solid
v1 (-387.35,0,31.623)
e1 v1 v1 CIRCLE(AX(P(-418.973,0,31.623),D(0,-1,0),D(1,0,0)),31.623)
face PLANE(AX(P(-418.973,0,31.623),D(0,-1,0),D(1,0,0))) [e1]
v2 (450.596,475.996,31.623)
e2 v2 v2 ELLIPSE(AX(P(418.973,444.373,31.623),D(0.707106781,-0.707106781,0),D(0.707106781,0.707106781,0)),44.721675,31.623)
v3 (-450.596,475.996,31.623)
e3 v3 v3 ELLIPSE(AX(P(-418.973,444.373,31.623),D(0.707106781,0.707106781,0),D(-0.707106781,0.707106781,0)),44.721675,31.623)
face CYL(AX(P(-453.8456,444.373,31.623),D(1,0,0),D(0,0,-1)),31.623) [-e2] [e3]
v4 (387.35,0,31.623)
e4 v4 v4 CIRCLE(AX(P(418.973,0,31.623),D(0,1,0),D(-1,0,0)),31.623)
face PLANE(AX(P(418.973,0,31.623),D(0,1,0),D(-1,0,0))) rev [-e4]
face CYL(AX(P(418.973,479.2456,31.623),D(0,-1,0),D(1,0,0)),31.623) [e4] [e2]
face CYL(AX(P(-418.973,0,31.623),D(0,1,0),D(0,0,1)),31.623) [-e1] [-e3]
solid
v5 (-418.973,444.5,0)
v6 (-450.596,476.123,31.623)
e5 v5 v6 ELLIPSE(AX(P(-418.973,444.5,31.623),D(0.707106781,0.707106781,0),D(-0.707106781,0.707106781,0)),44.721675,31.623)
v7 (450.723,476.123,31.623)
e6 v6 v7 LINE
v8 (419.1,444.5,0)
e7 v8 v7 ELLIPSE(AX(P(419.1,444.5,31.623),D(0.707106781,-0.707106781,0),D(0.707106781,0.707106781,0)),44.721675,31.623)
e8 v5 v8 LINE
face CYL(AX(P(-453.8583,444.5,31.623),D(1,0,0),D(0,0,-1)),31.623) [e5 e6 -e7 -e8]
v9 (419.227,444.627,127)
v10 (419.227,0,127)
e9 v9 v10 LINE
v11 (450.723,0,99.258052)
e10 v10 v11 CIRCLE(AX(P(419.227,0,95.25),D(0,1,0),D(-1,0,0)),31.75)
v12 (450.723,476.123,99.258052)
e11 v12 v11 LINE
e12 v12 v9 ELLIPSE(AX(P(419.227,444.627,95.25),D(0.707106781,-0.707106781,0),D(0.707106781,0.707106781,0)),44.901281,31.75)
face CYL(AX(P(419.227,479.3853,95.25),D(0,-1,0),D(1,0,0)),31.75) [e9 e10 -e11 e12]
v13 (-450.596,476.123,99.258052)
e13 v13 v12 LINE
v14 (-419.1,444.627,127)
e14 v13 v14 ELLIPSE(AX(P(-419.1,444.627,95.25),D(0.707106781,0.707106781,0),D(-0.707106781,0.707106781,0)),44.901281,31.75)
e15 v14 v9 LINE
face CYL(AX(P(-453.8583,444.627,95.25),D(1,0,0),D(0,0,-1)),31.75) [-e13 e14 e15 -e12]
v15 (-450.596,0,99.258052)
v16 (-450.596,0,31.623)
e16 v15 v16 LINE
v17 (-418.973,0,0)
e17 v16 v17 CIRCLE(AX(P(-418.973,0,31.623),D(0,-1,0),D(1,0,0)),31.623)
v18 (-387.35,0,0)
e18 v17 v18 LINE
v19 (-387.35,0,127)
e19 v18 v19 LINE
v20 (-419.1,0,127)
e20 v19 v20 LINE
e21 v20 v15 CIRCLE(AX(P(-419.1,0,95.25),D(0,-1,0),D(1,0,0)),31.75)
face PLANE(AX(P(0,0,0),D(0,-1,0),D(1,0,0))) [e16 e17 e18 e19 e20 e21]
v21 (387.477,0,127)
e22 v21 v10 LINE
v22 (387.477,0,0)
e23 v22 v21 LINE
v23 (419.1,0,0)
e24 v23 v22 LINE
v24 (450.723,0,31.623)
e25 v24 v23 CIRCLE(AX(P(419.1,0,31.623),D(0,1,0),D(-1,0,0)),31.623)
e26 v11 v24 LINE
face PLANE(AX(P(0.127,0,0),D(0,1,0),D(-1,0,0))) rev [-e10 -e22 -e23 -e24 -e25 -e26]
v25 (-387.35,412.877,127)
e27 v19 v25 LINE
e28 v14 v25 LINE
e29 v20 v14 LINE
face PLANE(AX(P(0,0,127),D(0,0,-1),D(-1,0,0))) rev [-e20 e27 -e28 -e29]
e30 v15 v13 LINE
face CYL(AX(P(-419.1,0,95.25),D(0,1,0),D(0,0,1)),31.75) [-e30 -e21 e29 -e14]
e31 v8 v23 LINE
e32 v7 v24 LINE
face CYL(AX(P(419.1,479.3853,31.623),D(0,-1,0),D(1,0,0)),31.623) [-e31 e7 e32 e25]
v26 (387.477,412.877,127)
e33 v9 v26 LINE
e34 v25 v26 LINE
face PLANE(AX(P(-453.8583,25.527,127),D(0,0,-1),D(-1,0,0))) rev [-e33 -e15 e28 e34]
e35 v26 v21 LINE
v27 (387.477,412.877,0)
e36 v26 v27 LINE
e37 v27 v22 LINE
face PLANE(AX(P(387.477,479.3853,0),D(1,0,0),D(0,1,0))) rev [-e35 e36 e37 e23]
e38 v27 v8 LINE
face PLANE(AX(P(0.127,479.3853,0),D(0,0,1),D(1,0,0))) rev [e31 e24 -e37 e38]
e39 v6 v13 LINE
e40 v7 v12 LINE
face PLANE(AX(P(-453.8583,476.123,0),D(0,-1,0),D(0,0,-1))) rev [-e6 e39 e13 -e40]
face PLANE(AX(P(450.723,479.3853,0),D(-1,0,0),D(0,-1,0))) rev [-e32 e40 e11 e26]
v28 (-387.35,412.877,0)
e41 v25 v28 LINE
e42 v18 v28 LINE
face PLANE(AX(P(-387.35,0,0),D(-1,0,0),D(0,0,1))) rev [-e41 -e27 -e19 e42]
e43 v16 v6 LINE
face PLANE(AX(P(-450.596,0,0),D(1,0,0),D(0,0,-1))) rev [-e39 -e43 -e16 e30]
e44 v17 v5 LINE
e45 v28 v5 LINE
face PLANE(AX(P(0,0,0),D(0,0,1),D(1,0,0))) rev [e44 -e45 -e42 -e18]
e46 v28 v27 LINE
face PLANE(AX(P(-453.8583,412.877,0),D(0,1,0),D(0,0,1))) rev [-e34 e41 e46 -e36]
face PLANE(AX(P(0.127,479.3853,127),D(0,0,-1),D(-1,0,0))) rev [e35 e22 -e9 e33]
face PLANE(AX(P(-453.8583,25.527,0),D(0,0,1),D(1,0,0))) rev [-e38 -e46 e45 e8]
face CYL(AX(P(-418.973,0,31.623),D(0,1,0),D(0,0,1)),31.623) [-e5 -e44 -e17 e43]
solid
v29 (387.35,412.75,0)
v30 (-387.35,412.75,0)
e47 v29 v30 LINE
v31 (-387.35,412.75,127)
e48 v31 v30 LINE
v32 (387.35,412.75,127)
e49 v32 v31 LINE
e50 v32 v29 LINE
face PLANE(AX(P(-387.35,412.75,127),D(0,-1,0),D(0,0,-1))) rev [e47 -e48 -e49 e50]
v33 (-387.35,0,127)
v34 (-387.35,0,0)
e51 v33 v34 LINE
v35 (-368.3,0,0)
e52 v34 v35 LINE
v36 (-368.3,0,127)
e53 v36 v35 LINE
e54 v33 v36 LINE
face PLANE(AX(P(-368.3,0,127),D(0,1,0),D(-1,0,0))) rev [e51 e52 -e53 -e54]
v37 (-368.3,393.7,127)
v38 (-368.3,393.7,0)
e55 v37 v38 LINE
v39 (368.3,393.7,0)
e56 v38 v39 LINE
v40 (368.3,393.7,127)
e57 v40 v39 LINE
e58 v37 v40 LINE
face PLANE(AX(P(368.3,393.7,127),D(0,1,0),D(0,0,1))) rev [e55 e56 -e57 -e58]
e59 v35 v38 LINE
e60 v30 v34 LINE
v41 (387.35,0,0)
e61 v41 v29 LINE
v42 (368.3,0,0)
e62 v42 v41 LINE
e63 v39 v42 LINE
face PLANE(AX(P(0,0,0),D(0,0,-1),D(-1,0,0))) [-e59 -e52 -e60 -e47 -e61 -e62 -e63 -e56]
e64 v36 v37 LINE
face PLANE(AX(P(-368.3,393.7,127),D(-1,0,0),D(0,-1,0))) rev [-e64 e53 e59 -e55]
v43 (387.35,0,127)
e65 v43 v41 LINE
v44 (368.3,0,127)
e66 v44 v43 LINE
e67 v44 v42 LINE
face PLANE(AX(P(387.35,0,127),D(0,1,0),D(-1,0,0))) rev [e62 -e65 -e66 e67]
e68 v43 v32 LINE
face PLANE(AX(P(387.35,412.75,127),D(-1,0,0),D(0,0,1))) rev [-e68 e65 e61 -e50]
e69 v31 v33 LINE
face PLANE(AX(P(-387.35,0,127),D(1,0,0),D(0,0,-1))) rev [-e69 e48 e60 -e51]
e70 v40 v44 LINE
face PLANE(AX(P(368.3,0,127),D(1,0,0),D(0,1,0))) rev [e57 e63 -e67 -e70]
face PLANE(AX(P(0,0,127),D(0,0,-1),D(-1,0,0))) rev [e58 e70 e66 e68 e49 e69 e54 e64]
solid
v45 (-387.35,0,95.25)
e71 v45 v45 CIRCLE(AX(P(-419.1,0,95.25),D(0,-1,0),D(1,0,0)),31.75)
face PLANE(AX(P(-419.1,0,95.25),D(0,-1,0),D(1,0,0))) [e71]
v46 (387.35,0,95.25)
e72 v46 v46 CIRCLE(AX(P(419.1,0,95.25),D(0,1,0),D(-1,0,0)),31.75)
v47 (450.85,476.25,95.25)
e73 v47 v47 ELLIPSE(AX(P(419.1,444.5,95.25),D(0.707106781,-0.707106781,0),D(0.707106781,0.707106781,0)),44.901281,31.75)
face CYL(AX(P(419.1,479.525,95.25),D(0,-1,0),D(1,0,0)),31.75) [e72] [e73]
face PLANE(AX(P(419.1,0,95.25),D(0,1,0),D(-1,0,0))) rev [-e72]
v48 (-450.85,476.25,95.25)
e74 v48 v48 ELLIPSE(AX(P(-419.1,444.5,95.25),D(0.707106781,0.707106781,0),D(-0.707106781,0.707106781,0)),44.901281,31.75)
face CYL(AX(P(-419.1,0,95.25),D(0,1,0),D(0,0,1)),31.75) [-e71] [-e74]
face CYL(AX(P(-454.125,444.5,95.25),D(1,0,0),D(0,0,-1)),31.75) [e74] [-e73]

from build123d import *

# Parameters (mm, degrees)
PLYWOOD_DEPTH = 127
SKETCH2_R     = 31.75
SKETCH2_R_2   = 31.623


with BuildPart() as part:
    # Sketch1 → Plywood (new body)
    with BuildSketch(Plane.XY):
        Polygon((-387.35, 0), (-387.35, 412.75), (387.35, 412.75), (387.35, 0), (368.3, 0), (368.3, 393.7), (-368.3, 393.7), (-368.3, 0), align=None)
    extrude(amount=PLYWOOD_DEPTH)


with BuildPart() as body_2:
    # Sweep1: sweep along a path in Sketch3
    with BuildLine(Plane.XY.offset(95.25)) as sweep1_path:
        Line((-419.1, 0), (-419.1, 444.5))
        Line((-419.1, 444.5), (419.1, 444.5))
        Line((419.1, 444.5), (419.1, 0))
    # Sketch2 → Sweep1 (sweep)
    with BuildSketch(Plane.XZ):
        with Locations((-419.1, 95.25)):
            Circle(SKETCH2_R)
        with Locations((-418.973, 31.623)):
            Circle(SKETCH2_R_2)
    sweep(path=sweep1_path.line, transition=Transition.RIGHT)


with BuildPart() as body_3:
    # Sweep2: sweep along a path in Sketch4
    with BuildLine(Plane.XY.offset(31.623)) as sweep2_path:
        Line((-418.973, 0), (-418.973, 444.5))
        Line((-418.973, 444.5), (419.1, 444.5))
        Line((419.1, 444.5), (419.1, 0))
    # Sketch6 → Sweep2 (sweep)
    with BuildSketch(Plane.XZ):
        with BuildLine():
            Line((-418.973, 0), (-387.35, 0))
            Line((-387.35, 0), (-387.35, 127))
            Line((-387.35, 127), (-419.1, 127))
            ThreePointArc((-419.1, 127), (-440.085790865, 119.075597196), (-450.596, 99.258052395))
            Line((-450.596, 99.258052395), (-450.596, 91.241947605))
            Line((-450.596, 91.241947605), (-450.596, 31.623))
            ThreePointArc((-450.596, 31.623), (-441.333837741, 9.262162259), (-418.973, 0))
        make_face()
    sweep(path=sweep2_path.line, transition=Transition.RIGHT)


solid = Compound([part.part, body_2.part, body_3.part])
